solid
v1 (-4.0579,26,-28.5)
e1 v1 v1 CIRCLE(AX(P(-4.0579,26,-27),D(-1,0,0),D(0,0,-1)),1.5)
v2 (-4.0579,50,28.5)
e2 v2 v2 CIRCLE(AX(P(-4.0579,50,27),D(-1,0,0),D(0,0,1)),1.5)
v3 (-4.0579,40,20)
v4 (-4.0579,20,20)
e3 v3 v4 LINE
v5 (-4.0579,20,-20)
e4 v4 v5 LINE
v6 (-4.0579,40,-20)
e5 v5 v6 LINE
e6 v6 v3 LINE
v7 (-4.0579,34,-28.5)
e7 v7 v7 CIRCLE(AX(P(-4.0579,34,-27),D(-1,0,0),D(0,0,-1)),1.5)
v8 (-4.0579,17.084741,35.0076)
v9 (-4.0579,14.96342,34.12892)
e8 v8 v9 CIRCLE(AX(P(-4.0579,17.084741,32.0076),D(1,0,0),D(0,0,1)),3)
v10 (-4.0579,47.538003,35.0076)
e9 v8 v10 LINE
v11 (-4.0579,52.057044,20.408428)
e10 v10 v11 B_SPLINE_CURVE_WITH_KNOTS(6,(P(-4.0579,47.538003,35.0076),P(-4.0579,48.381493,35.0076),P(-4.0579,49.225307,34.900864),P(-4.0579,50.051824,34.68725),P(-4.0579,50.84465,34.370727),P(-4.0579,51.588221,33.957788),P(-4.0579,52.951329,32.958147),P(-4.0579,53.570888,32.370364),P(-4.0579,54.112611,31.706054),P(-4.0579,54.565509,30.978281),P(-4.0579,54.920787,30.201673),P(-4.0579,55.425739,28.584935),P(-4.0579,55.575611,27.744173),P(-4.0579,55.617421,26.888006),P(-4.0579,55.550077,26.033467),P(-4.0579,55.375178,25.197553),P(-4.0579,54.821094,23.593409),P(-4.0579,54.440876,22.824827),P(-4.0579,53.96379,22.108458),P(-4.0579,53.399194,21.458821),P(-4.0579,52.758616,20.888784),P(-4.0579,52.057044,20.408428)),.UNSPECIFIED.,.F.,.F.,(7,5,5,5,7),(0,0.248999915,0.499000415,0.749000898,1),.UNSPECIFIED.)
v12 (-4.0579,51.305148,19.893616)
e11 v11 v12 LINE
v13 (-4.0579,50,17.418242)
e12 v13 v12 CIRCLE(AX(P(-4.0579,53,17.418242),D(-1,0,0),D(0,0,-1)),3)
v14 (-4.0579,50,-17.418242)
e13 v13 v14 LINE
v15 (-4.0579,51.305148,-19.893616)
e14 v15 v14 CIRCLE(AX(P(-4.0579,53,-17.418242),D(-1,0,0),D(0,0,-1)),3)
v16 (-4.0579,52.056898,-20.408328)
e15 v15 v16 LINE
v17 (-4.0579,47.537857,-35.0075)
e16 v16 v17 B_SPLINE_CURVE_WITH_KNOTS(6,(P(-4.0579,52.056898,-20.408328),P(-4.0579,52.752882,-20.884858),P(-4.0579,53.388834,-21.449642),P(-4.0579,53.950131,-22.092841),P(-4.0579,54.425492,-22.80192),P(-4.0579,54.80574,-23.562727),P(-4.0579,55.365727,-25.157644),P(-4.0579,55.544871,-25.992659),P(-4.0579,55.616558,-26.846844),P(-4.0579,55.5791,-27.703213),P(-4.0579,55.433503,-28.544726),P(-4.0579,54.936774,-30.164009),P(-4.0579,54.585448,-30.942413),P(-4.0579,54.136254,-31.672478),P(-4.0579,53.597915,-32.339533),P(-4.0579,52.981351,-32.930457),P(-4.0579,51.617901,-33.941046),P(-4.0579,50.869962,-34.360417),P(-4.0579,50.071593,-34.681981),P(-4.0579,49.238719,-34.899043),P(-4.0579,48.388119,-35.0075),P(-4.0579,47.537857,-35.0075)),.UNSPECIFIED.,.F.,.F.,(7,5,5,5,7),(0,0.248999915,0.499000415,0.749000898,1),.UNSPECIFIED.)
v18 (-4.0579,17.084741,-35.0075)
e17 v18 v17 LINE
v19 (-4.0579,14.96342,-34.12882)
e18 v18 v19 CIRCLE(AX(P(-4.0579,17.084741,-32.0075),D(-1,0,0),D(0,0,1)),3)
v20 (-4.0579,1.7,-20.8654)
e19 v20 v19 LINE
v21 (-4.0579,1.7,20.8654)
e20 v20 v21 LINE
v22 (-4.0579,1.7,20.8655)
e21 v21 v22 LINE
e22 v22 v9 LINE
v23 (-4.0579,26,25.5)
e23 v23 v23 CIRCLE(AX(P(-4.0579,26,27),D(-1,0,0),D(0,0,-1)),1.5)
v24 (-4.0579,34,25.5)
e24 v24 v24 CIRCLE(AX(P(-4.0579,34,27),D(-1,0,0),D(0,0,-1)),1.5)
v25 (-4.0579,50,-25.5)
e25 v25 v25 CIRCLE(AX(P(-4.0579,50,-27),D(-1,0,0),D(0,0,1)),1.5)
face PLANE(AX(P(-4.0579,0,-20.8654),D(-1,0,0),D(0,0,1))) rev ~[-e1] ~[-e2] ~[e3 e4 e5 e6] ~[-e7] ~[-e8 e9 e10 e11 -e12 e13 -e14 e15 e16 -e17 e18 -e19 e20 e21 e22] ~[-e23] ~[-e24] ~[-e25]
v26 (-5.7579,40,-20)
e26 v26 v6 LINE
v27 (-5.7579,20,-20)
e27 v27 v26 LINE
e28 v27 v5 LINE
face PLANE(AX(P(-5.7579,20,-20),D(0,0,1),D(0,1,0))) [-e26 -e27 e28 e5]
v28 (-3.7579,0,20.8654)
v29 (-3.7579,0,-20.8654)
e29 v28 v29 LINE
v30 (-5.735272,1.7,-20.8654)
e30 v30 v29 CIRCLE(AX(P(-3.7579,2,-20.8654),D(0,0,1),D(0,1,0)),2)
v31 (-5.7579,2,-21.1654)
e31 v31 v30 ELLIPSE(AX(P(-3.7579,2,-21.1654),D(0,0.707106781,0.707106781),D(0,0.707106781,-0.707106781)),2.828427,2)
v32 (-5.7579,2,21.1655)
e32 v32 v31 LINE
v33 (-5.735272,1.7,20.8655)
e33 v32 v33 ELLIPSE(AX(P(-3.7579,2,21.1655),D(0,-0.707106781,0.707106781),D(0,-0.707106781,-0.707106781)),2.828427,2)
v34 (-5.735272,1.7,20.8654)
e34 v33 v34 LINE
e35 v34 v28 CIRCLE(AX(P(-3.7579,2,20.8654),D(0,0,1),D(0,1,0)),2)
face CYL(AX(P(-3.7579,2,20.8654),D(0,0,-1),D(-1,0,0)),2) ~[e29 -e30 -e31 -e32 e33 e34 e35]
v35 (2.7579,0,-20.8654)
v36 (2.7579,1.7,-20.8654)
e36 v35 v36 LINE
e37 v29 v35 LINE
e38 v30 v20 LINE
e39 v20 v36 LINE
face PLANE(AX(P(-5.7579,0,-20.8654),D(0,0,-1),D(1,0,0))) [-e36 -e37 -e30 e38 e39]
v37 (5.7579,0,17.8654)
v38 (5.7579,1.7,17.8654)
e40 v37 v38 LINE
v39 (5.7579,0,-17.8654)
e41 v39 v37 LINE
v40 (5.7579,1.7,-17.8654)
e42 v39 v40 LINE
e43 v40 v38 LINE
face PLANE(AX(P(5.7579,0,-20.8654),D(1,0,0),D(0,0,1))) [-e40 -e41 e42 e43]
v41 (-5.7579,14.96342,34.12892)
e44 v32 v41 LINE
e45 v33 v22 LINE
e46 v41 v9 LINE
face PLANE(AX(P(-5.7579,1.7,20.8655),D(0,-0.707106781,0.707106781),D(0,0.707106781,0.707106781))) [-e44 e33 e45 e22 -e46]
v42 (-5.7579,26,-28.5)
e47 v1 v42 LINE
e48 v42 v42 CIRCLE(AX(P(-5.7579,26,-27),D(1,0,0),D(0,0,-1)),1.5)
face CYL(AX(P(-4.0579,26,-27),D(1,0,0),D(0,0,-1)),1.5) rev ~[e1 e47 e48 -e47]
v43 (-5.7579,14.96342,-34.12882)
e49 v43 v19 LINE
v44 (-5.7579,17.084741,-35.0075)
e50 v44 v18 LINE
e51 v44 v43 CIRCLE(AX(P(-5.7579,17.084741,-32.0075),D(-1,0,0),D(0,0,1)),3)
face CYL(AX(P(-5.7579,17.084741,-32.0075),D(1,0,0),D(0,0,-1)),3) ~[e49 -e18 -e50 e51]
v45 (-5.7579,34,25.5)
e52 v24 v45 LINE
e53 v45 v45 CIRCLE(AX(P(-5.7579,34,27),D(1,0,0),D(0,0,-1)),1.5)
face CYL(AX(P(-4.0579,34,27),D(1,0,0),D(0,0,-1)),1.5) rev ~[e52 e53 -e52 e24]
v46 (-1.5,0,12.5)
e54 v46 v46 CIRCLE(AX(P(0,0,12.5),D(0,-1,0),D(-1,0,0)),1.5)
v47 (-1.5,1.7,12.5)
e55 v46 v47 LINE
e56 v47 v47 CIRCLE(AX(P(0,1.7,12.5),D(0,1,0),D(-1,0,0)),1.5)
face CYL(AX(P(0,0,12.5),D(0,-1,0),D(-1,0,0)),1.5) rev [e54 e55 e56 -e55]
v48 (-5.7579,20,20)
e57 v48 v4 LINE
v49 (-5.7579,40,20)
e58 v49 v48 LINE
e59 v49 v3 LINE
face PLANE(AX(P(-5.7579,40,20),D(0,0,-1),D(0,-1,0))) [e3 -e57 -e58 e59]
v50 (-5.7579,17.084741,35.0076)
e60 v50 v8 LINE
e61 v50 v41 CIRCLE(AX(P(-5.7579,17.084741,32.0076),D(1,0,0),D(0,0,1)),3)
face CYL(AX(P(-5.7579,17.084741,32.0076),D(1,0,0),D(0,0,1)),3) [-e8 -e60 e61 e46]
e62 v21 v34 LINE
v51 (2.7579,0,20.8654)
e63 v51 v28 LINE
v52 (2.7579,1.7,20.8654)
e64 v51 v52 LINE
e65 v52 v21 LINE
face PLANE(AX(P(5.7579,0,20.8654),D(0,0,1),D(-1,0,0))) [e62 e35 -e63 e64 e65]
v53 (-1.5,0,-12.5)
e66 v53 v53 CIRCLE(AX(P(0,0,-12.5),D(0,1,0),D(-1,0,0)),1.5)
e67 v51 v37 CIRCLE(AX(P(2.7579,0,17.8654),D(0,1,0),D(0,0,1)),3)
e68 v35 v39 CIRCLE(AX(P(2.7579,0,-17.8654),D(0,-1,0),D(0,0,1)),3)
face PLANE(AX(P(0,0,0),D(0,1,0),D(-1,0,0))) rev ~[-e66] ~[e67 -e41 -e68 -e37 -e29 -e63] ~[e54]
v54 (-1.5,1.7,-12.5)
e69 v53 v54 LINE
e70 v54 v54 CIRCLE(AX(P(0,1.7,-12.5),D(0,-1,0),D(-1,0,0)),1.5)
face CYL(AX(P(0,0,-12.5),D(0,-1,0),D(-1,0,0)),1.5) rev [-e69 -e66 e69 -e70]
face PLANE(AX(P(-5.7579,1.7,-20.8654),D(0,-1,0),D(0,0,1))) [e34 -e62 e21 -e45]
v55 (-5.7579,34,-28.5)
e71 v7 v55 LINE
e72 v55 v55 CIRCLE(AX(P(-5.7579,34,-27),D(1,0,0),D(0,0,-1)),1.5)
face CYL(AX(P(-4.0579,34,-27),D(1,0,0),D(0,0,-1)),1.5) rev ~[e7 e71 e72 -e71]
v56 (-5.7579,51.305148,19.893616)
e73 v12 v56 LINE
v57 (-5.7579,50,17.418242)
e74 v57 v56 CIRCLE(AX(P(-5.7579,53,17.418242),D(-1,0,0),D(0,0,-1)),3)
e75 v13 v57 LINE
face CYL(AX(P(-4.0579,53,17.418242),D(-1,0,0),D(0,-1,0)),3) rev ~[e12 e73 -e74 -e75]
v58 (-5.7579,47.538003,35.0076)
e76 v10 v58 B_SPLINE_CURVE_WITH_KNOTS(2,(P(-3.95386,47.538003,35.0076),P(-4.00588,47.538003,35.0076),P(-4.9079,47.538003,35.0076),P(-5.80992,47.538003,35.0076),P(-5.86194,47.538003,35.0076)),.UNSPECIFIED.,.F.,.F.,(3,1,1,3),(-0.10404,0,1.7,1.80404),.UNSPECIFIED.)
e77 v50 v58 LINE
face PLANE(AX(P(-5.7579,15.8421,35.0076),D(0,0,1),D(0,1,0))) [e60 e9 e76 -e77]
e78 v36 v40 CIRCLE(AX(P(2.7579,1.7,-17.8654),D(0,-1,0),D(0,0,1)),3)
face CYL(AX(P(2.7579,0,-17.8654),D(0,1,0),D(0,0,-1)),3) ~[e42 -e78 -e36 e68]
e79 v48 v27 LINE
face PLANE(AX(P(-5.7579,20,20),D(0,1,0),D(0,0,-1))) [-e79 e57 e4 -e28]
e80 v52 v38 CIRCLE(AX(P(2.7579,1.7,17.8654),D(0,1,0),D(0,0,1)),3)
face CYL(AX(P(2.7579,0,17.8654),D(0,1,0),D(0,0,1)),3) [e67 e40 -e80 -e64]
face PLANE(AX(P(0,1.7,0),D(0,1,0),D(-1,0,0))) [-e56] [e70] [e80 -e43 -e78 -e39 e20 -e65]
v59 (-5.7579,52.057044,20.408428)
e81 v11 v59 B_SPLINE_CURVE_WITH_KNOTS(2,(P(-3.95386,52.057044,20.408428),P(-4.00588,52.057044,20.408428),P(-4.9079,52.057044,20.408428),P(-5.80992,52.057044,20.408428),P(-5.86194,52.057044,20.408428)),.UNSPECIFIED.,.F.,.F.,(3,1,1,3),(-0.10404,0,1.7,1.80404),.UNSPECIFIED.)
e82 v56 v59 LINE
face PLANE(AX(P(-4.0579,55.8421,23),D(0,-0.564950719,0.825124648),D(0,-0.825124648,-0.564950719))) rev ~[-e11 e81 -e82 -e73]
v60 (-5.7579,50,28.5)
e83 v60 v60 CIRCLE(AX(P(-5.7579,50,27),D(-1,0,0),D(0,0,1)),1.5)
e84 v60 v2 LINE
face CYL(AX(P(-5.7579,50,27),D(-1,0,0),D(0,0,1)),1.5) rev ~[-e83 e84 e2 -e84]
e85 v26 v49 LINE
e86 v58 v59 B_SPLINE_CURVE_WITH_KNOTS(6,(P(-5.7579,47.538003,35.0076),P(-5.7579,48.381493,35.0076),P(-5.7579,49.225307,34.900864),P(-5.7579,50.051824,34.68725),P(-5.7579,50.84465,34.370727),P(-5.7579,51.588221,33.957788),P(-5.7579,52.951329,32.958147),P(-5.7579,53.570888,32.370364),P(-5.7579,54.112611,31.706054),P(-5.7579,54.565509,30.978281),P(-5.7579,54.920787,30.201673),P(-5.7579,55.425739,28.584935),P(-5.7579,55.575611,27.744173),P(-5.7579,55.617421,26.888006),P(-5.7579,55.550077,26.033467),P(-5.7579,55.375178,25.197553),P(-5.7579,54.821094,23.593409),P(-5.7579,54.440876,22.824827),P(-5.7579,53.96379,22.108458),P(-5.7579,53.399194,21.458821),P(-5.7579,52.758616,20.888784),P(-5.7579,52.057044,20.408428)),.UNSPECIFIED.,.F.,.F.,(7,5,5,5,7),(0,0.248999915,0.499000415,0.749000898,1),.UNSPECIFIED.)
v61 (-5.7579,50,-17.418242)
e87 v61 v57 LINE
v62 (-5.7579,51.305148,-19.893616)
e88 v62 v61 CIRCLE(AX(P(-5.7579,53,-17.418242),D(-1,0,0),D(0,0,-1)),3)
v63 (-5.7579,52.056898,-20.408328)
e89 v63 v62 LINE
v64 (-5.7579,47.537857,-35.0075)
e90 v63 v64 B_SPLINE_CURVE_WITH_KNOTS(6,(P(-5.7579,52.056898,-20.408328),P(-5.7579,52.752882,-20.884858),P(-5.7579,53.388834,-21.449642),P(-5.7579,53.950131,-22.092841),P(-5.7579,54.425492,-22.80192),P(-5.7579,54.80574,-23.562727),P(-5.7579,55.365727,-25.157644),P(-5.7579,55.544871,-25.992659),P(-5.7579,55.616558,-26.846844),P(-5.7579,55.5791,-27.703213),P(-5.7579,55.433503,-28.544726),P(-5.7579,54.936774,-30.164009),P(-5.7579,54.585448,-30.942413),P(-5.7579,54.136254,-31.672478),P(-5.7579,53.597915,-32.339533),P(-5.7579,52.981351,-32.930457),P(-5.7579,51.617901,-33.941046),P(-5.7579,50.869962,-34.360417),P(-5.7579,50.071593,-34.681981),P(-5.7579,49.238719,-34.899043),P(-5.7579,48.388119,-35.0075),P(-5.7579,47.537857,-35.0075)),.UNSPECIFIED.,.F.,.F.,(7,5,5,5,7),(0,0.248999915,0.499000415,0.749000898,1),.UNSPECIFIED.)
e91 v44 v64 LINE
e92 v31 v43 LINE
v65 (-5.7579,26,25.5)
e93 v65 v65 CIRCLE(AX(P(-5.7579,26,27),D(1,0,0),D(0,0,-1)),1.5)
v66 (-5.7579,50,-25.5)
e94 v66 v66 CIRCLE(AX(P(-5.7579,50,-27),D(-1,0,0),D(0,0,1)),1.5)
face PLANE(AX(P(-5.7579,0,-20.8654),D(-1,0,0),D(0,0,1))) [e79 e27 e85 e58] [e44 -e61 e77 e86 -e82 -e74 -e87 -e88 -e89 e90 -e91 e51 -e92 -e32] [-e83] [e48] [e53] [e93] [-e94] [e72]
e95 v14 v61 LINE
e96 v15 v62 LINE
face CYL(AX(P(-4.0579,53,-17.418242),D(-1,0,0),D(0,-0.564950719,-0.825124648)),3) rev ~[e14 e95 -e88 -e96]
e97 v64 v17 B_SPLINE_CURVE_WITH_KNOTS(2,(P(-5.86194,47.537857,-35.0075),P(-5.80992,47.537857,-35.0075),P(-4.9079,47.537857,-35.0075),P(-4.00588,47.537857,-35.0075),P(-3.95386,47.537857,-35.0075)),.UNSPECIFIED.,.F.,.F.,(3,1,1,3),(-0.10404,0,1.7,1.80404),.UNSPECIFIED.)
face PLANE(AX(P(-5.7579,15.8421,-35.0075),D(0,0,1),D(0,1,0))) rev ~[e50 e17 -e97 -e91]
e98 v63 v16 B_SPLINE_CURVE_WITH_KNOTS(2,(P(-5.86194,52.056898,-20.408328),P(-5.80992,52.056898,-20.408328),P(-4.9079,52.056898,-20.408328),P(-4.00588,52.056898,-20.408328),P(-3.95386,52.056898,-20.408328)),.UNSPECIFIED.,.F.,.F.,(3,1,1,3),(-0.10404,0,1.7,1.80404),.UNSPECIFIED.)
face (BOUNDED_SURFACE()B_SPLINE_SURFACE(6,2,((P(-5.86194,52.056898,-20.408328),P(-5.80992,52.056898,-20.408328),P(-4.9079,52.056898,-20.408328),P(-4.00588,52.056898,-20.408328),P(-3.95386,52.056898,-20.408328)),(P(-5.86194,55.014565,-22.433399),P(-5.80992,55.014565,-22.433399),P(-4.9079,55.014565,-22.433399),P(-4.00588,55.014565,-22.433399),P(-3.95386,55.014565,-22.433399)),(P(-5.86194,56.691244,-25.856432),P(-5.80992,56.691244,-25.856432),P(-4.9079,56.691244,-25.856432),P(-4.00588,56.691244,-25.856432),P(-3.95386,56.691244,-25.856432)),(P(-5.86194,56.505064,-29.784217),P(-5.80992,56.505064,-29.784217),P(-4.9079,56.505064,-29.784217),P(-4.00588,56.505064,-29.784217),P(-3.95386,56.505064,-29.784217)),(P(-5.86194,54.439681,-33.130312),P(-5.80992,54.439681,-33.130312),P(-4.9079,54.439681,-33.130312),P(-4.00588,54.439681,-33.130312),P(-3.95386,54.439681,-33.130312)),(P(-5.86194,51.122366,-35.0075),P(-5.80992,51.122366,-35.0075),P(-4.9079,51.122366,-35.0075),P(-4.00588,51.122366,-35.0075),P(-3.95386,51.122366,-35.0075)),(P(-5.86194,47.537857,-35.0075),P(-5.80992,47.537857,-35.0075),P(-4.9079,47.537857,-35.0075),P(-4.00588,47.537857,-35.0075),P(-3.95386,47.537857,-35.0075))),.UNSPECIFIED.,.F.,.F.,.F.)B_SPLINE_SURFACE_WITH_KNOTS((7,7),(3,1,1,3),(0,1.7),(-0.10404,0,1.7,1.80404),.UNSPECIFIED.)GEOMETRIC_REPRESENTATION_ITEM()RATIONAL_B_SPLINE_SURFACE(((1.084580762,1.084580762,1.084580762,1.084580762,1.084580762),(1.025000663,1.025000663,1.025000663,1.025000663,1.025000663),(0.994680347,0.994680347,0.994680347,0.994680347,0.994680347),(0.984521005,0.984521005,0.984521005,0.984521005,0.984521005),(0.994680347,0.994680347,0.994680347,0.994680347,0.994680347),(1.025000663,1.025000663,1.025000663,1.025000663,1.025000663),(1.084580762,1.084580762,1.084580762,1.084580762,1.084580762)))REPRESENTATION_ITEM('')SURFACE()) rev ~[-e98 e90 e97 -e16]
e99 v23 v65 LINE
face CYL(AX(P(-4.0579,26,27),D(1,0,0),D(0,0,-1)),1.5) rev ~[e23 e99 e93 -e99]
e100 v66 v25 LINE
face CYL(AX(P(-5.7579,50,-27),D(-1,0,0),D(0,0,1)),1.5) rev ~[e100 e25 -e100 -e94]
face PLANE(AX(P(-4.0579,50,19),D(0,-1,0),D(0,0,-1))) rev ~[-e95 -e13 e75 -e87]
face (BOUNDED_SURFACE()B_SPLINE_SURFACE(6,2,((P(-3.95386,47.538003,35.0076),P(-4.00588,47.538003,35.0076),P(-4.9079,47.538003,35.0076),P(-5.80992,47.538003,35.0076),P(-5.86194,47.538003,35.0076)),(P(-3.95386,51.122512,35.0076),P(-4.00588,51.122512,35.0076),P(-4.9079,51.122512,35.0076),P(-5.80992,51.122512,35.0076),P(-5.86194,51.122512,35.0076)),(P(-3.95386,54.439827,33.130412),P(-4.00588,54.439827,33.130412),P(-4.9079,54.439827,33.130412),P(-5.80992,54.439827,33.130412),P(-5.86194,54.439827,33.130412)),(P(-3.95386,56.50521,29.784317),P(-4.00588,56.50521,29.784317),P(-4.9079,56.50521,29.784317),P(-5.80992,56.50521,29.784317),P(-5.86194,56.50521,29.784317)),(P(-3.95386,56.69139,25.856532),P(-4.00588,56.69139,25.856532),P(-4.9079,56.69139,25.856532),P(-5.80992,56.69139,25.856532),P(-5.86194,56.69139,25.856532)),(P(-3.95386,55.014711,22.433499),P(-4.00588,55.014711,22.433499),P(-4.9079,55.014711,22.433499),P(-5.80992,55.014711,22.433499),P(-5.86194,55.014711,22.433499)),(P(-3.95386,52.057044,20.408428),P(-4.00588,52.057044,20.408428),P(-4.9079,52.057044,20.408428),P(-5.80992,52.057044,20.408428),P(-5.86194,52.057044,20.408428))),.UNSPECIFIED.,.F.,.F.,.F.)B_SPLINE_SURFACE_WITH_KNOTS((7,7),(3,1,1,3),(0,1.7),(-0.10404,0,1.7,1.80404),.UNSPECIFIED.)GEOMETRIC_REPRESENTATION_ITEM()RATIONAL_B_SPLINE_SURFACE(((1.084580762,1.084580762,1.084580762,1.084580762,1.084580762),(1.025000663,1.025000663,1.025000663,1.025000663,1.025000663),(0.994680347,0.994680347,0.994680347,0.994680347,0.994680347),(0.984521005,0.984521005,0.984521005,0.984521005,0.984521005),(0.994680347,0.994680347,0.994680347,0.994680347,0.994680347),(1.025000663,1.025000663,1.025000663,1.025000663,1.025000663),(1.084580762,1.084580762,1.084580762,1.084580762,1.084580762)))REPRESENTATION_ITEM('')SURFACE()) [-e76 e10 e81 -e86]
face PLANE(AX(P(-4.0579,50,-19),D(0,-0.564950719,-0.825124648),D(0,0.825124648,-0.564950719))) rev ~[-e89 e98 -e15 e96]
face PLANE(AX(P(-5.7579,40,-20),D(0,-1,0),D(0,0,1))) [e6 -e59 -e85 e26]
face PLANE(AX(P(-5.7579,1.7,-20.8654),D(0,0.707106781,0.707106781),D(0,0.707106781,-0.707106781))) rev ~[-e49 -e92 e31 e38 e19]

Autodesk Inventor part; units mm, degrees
ref_plane "YZ Plane" through (0, 0, 0) normal (1, 0, 0) x (0, 1, 0)
ref_plane "XZ Plane" through (0, 0, 0) normal (0, 1, 0) x (-1, 0, 0)
ref_plane "XY Plane" through (0, 0, 0) normal (0, 0, 1) x (1, 0, 0)
sketch "Sketch1" plane through (0, 0, 0) normal (0, 1, 0) x (-1, 0, 0)
  line L0 (0, 12.5) -> (0, -12.5) construction
  line L1 (-1.5, 12.5) -> (-1.5, -12.5)
  line L2 (1.5, -12.5) -> (1.5, 12.5)
  arc A0 (1.5, 12.5) -> (-1.5, 12.5) centre (0, 12.5) ccw
  arc A1 (-1.5, -12.5) -> (1.5, -12.5) centre (0, -12.5) ccw
  circle A2 centre (0, -12.5) radius 1.5
  circle A3 centre (0, 12.5) radius 1.5
  line L3 (-5.7579, 20.8654) -> (5.7579, 20.8654)
  line L4 (5.7579, 20.8654) -> (5.7579, -20.8654)
  line L5 (5.7579, -20.8654) -> (-5.7579, -20.8654)
  line L6 (-5.7579, -20.8654) -> (-5.7579, 20.8654)
  line L7 (-5.7579, 20.8654) -> (5.7579, -20.8654) construction
  line L8 (5.7579, 20.8654) -> (-5.7579, -20.8654) construction
  point P0 (0, 0)
  dimension "d0" = 12.5
  dimension "d1" = 3
  dimension "d2" = 3
  dimension "d3" = 3
extrude "Extrusion1" add sketch "Sketch1" along normal blind 1.7 contours A3 L2 A2 L1 | L3 L4 L5 L6
sketch "Sketch2" plane through (-5.7579, 0, -20.8654) normal (-1, 0, 0) x (0, 0, 1)
  line L0 (40.8654, 20) -> (0.8654, 20)
  line L1 (0.8654, 20) -> (0.8654, 40)
  line L2 (0.8654, 40) -> (40.8654, 40)
  line L3 (40.8654, 40) -> (40.8654, 20)
  line L4 (40.8654, 20) -> (0.8654, 40) construction
  line L5 (0.8654, 20) -> (40.8654, 40) construction
  line L6 (41.7309, 0) -> (0, 0) projected
  circle A0 centre (47.8654, 50) radius 1.5
  circle A1 centre (-6.1346, 50) radius 1.5
  line L7 (0, 1.7) -> (41.7309, 1.7) projected
  line L8 (41.7309, 1.7) -> (55.873, 15.8421)
  line L9 (41.7309, 1.7) -> (61.7309, 1.7) construction
  line L10 (55.873, 15.8421) -> (55.873, 55.8421)
  line L11 (55.873, 15.8421) -> (95.873, 15.8421) construction
  line L12 (0, 1.7) -> (-14.1421, 15.8421)
  line L13 (0, 1.7) -> (20, 1.7) construction
  line L14 (-14.1421, 15.8421) -> (-14.1421, 55.8421)
  line L15 (-14.1421, 55.8421) -> (55.873, 55.8421)
  point P0 (20.8654, 0)
  point P1 (20.8654, 30)
  dimension "d6" = 40
  dimension "d7" = 20
  dimension "d8" = 30
  dimension "d9" = 3
  dimension "d10" = 3
  dimension "d11" = 50
  dimension "d12" = 50
  dimension "d13" = 54
  dimension "d14" = 27
  dimension "d15" = 20
  dimension "d16" = 45
  dimension "d17" = 40
  dimension "d18" = 90
  dimension "d19" = 20
  dimension "d20" = 135
  dimension "d21" = 40
extrude "Extrusion2" add sketch "Sketch2" against normal blind 1.7
sketch "Sketch3" plane through (-4.0579, 0, -20.8654) normal (1, 0, 0) x (0, 0, -1)
  line L0 (-55.873, 55.8421) -> (14.1421, 55.8421) projected
  line L1 (-43.8654, 55.8421) -> (-39.8654, 50)
  line L2 (-39.8654, 50) -> (-1.8654, 50)
  line L3 (-1.8654, 50) -> (2.1346, 55.8421)
  line L4 (-40.8654, 40) -> (-0.8654, 40) projected
  circle A0 centre (-47.8654, 50) radius 1.5 projected
  circle A1 centre (6.1346, 50) radius 1.5 projected
  line L5 (14.1421, 55.8421) -> (-55.873, 55.8421) projected
  line L6 (-43.8654, 55.8421) -> (2.1346, 55.8421)
  point P0 (-20.8654, 0)
  point P1 (2.1346, 55.8421)
  dimension "d24" = 10
  dimension "d25" = 4
  dimension "d26" = 4
  dimension "d27" = 4
  dimension "d28" = 4
extrude "Extrusion3" cut sketch "Sketch3" against normal blind 10 contours L0 L3 L2 L1
fillet "Fillet1" radius 8 4 edges at (-4.9079, 55.8421, 35.0076) (-4.9079, 55.8421, 23) (-4.9079, 55.8421, -23) (-4.9079, 55.8421, -35.0076)
fillet "Fillet2" radius 3 2 edges at (-4.9079, 50, -19) (-4.9079, 50, 19)
fillet "Fillet3" radius 3 4 edges at (-4.9079, 15.8421, -35.0076) (5.7579, 0.85, -20.8654) (5.7579, 0.85, 20.8654) (-4.9079, 15.8421, 35.0076)
fillet "Fillet4" radius 2 1 edges at (-5.7579, 0, 0)
sketch "Sketch4" plane through (-4.0579, 0, -20.8654) normal (1, 0, 0) x (0, 0, -1)
  line L0 (-47.8654, 34) -> (6.1346, 34)
  line L1 (6.1346, 34) -> (6.1346, 26)
  line L2 (6.1346, 26) -> (-47.8654, 26)
  line L3 (-47.8654, 26) -> (-47.8654, 34)
  line L4 (-0.8654, 20) -> (-40.8654, 20) projected
  line L5 (-0.8654, 40) -> (-0.8654, 20) projected
  circle A0 centre (-47.8654, 34) radius 1.5
  circle A1 centre (-47.8654, 26) radius 1.5
  circle A2 centre (6.1346, 34) radius 1.5
  circle A3 centre (6.1346, 26) radius 1.5
  point P0 (-20.8654, 0)
  dimension "d35" = 54
  dimension "d36" = 8
  dimension "d37" = 6
  dimension "d38" = 7
  dimension "d39" = 3
  dimension "d40" = 3
  dimension "d41" = 3
  dimension "d42" = 3
extrude "Extrusion4" cut sketch "Sketch4" against normal blind 10 contours L3 A0 L0 | L0 A0 L3 | A1 L2 L3 | L3 L2 A1 | A2 L1 L0 | L0 L1 A2 | A3 L1 L2 | L2 L1 A3
properties part number "servo mount"
